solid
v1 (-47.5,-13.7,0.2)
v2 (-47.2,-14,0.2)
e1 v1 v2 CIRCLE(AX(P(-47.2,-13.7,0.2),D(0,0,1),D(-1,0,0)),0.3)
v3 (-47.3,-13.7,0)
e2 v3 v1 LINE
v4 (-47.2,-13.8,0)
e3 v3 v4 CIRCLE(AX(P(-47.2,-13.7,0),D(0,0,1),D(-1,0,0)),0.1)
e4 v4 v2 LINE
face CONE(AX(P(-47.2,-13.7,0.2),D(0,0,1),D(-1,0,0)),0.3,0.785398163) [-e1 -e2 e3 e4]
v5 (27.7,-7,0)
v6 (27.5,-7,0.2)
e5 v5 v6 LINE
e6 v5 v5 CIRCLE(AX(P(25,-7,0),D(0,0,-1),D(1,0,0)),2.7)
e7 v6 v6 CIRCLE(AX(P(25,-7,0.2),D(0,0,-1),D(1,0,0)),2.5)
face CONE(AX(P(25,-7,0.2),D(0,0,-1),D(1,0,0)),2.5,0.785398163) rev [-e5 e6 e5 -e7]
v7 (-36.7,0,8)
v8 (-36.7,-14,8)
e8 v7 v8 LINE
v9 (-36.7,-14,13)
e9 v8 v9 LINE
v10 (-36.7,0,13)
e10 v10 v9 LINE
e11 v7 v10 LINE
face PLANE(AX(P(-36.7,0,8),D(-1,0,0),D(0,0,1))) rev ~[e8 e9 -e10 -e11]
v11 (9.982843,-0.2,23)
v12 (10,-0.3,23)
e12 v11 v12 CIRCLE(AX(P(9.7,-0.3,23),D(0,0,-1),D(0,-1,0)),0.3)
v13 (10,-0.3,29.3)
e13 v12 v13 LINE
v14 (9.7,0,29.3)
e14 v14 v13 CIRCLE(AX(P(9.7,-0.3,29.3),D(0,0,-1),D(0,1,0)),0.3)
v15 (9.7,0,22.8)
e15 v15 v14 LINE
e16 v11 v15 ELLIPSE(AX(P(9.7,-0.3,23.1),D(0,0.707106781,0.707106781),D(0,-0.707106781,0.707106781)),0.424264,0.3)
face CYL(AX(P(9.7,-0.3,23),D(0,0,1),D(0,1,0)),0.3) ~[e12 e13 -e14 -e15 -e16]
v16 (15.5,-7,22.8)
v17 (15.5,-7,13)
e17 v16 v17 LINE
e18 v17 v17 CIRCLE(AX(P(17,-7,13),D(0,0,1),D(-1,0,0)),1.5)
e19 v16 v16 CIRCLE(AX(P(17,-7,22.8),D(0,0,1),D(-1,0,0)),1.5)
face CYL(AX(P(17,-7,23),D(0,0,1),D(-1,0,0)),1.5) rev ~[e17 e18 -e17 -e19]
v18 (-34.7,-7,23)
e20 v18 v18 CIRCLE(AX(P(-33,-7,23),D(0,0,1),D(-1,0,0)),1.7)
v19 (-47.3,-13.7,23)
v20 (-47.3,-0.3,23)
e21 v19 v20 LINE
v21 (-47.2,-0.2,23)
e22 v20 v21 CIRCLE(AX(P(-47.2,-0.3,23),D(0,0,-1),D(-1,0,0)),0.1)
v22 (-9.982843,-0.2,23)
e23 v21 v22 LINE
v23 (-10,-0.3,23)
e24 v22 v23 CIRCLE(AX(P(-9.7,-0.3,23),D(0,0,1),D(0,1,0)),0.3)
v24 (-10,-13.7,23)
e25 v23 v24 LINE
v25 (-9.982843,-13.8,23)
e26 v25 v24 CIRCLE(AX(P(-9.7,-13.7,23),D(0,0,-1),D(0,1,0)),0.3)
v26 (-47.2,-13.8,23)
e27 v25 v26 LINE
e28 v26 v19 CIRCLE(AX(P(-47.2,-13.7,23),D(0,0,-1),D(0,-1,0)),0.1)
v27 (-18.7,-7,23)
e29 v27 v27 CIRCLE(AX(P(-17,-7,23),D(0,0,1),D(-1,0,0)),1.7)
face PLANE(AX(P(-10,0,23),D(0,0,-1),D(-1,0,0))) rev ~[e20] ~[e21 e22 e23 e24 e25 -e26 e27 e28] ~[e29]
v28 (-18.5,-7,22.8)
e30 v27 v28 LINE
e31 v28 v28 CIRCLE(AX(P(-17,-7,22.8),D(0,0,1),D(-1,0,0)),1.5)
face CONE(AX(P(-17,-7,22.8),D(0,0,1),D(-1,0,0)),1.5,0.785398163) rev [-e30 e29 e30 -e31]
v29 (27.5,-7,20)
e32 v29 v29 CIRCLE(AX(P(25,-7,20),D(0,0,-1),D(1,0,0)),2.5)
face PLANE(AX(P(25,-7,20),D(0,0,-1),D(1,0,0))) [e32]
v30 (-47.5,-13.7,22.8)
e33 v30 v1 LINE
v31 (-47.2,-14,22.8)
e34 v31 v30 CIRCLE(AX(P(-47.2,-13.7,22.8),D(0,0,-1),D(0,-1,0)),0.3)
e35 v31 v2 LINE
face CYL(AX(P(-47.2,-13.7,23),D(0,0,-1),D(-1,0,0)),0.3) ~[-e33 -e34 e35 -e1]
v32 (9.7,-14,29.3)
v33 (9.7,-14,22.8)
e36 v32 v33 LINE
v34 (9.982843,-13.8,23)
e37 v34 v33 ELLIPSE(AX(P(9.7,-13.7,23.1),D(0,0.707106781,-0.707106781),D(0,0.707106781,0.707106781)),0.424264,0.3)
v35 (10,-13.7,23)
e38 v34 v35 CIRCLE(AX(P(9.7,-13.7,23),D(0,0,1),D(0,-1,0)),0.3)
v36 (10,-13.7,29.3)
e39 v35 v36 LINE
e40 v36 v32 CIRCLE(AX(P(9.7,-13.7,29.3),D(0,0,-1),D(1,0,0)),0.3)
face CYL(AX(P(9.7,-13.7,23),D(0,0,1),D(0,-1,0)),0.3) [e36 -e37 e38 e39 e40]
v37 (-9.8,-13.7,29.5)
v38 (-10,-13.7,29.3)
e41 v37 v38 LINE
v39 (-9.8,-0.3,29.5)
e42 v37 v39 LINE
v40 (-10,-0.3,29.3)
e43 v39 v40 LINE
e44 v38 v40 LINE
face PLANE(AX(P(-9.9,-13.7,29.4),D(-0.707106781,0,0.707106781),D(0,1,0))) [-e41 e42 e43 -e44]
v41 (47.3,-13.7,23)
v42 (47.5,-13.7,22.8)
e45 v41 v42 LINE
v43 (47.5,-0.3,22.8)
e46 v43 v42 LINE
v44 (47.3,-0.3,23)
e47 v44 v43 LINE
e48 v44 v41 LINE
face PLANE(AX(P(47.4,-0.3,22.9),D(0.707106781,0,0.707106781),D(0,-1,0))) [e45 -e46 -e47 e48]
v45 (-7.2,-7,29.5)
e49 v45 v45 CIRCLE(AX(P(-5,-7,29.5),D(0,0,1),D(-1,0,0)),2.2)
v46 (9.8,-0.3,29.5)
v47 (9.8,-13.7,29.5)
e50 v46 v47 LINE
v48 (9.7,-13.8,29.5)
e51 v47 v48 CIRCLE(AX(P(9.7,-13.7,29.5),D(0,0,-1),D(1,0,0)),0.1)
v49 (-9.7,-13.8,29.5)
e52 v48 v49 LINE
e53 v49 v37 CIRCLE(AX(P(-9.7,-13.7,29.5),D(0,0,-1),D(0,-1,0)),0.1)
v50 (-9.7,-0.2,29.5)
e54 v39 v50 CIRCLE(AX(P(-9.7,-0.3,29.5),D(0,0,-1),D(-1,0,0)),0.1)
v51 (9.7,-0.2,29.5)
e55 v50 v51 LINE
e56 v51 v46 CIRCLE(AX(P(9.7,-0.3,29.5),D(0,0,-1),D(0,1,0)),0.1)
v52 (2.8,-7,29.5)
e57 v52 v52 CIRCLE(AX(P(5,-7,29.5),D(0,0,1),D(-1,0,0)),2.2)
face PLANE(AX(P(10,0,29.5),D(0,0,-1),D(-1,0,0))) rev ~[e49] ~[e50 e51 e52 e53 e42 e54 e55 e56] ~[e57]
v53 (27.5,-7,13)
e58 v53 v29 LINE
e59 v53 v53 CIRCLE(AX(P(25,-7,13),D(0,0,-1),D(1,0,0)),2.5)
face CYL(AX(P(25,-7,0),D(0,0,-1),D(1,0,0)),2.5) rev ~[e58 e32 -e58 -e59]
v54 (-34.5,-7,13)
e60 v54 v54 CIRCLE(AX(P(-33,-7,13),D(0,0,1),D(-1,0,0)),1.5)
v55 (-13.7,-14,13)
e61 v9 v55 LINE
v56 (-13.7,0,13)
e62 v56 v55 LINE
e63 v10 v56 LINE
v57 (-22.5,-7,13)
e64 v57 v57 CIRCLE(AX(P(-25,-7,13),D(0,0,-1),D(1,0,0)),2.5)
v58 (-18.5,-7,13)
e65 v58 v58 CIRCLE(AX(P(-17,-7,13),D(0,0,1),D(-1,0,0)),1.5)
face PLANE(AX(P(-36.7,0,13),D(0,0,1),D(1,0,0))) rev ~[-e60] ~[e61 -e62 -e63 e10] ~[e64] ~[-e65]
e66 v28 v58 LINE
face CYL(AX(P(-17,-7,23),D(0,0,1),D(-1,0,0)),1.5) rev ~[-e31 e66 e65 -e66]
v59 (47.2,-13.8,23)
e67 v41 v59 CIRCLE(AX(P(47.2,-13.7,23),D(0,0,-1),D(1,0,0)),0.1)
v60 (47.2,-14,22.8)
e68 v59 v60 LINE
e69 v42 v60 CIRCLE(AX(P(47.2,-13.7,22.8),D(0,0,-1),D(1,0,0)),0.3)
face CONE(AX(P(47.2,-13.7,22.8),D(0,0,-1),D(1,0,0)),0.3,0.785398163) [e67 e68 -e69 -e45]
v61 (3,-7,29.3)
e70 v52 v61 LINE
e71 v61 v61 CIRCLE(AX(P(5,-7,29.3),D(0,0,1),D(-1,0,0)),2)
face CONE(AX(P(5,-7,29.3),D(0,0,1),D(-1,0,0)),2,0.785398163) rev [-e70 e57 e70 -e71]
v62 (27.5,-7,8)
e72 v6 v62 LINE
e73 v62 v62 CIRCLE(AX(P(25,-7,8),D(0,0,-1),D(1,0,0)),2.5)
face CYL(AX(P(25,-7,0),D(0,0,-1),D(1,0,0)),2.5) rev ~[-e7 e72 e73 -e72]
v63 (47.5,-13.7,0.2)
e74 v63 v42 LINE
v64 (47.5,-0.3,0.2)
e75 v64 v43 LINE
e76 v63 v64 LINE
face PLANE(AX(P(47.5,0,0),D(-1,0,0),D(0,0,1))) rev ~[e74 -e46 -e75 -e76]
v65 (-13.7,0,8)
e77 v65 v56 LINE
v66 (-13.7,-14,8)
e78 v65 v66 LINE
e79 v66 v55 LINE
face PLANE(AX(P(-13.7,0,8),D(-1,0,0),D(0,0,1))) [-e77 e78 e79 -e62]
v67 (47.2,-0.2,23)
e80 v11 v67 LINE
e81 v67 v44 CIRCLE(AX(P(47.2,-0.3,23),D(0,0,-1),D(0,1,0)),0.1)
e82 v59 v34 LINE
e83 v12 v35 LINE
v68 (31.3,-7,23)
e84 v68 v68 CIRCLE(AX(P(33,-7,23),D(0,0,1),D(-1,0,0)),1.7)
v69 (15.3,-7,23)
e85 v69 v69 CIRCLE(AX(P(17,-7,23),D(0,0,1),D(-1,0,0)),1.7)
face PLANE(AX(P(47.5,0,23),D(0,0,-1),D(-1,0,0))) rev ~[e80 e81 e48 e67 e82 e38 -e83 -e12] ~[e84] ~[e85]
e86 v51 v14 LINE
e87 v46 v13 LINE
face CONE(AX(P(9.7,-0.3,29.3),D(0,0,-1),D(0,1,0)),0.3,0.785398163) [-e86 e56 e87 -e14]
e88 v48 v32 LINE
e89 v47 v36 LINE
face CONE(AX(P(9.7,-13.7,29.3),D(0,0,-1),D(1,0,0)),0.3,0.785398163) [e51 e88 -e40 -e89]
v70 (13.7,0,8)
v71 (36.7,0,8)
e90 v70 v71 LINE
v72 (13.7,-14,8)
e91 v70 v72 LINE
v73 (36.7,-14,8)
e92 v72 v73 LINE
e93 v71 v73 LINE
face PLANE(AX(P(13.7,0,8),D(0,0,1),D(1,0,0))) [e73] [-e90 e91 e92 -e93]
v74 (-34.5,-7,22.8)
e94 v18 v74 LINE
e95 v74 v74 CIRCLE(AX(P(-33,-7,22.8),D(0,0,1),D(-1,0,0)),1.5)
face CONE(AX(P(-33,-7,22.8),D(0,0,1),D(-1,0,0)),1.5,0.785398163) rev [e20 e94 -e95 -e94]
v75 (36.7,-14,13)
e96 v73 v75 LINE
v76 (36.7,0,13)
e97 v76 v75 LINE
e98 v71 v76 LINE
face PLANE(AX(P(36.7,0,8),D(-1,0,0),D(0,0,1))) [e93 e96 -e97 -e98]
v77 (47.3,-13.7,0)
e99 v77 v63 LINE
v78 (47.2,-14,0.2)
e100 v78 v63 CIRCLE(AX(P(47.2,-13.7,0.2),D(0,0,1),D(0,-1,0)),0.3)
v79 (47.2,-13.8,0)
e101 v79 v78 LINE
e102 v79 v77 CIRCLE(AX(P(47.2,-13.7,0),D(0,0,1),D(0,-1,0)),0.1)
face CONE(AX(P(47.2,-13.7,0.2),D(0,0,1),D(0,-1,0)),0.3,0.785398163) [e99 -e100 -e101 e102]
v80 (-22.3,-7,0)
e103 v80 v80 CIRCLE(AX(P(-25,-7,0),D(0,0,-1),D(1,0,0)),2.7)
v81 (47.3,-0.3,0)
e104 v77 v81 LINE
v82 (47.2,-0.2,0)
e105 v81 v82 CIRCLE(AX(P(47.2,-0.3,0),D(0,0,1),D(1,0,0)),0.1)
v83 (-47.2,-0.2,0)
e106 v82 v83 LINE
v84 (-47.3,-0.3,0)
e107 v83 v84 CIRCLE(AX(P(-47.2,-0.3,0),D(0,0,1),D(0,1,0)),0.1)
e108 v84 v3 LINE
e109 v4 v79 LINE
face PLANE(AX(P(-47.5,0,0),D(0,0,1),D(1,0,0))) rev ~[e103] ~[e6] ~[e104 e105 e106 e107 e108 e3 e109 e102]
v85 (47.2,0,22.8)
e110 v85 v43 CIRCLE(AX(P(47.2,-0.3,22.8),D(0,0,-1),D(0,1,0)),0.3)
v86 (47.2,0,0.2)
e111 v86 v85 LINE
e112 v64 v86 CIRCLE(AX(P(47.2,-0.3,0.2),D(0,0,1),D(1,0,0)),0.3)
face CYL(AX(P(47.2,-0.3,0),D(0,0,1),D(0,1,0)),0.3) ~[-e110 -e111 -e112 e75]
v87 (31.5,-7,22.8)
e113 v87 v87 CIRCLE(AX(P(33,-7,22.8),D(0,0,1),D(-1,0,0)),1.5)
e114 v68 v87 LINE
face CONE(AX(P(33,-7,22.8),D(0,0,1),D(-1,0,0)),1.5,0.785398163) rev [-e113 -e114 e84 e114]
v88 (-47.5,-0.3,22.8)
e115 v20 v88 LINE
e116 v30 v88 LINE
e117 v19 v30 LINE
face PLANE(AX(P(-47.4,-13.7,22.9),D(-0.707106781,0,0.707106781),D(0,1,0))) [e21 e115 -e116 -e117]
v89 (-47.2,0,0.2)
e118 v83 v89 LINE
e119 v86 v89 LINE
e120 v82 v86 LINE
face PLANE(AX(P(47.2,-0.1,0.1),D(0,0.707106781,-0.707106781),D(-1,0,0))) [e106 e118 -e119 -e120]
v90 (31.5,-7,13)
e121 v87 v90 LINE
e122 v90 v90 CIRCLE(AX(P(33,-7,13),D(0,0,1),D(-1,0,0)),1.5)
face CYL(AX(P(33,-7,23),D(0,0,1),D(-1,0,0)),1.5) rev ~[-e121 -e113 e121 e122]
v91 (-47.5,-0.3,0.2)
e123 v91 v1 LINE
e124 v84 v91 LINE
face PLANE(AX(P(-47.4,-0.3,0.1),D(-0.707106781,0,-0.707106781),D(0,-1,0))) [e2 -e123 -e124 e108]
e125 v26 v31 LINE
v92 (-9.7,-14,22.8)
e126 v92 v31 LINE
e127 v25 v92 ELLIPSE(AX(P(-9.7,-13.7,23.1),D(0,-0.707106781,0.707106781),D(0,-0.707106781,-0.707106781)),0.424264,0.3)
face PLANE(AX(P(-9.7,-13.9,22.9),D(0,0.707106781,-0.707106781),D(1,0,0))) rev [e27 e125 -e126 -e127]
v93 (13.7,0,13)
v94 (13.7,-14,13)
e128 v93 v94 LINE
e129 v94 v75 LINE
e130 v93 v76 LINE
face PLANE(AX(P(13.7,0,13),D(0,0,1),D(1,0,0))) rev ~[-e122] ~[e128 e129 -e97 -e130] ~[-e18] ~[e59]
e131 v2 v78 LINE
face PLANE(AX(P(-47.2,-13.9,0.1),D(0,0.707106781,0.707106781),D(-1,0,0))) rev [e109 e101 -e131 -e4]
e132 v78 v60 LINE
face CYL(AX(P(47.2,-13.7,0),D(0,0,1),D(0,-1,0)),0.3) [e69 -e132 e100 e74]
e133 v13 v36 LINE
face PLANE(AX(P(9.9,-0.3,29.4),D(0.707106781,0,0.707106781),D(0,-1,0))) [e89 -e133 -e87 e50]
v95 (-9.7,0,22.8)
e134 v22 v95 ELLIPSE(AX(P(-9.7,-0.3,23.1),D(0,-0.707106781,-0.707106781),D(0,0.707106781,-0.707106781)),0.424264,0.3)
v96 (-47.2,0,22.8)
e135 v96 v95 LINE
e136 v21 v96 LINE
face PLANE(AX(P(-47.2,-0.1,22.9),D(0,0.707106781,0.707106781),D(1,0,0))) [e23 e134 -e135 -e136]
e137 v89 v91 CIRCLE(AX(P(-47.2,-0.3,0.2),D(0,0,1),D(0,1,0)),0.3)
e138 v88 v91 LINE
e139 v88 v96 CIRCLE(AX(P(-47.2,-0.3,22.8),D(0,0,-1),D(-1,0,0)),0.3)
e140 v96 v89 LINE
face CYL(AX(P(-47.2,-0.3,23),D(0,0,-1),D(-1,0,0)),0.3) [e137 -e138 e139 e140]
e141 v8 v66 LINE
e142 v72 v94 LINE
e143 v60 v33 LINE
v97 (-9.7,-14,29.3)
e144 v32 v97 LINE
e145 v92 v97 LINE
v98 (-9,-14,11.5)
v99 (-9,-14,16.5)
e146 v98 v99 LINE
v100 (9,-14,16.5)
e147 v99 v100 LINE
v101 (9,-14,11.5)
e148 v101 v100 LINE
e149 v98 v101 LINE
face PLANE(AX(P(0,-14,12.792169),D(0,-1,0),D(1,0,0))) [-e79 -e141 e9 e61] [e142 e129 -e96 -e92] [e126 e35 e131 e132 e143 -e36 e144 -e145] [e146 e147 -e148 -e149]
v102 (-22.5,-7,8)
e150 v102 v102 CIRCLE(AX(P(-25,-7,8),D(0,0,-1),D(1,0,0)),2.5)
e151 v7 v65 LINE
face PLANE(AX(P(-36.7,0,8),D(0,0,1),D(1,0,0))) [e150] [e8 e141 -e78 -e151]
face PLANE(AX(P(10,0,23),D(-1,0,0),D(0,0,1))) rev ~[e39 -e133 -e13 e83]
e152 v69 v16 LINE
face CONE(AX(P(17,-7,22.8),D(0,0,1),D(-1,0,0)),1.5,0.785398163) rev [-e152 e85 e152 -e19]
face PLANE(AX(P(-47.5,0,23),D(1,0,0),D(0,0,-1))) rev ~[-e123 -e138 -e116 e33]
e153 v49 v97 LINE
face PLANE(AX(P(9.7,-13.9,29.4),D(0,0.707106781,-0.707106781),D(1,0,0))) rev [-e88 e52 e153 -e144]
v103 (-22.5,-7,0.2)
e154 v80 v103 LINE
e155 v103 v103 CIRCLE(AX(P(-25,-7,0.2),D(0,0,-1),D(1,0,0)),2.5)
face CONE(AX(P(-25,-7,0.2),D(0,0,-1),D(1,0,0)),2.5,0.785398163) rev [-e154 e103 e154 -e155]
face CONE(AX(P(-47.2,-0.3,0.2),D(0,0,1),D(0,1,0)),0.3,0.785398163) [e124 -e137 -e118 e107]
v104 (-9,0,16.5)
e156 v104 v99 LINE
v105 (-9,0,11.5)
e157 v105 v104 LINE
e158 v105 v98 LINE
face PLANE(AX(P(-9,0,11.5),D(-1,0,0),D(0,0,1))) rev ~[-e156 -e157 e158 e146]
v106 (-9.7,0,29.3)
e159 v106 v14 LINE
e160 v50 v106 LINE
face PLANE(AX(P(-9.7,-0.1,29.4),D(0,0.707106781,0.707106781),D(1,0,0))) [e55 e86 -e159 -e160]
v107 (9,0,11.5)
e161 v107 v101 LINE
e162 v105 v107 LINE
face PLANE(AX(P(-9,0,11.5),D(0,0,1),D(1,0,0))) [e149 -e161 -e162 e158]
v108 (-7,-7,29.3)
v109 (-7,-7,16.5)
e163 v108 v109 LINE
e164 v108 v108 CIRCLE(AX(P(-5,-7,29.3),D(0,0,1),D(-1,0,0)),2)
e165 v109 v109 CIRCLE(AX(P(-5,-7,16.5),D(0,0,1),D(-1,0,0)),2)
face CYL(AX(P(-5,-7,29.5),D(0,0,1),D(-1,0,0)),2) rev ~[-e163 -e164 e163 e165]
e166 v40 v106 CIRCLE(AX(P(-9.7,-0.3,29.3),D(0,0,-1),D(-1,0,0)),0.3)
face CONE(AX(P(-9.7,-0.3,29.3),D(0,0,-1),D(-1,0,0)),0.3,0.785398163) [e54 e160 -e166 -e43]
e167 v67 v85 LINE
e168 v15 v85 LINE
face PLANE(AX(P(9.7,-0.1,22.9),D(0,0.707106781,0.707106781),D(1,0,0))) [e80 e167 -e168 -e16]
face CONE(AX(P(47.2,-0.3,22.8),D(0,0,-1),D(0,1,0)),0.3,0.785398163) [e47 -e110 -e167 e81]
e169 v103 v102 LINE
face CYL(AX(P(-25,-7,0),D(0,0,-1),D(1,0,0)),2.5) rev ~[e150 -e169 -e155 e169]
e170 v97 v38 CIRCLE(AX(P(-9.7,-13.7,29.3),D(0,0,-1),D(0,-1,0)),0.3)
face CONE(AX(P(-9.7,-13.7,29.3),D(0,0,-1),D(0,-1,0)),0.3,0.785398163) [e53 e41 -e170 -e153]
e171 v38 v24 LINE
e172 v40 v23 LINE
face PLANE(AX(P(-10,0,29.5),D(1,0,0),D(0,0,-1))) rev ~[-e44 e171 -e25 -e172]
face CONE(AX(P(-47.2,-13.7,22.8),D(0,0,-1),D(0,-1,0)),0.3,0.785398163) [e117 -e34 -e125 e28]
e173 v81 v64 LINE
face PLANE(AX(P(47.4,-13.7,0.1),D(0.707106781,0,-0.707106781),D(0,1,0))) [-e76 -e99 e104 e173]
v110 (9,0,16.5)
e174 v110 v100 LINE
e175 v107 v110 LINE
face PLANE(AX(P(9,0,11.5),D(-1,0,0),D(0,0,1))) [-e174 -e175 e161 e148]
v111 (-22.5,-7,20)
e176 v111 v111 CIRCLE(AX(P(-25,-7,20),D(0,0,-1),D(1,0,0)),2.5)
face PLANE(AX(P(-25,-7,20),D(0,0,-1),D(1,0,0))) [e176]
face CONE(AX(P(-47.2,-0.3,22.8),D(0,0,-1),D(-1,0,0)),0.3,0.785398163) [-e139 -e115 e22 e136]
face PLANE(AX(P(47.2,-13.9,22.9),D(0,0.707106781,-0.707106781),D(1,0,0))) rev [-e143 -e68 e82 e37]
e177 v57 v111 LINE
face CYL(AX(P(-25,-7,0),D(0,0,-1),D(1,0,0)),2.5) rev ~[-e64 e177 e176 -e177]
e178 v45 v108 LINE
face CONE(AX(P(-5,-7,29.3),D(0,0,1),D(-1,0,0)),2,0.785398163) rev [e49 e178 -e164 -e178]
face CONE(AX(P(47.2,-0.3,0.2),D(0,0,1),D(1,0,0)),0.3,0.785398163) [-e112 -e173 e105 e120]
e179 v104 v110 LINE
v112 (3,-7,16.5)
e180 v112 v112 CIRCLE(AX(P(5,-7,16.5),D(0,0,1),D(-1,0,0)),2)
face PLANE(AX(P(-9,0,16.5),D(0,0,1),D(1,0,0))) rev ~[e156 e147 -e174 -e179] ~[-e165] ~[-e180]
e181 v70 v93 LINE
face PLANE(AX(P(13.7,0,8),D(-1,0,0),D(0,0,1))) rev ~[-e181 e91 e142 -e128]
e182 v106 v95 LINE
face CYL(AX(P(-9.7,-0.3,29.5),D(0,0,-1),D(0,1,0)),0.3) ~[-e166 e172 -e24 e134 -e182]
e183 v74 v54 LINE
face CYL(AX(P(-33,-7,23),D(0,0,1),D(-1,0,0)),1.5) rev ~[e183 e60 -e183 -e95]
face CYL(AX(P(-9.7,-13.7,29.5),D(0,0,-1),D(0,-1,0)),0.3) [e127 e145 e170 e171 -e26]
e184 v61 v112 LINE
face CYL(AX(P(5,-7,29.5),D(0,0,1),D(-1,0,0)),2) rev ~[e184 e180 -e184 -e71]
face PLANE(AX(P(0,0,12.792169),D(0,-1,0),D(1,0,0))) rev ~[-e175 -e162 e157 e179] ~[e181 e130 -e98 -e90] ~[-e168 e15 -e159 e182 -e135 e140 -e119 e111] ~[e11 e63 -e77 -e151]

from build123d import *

# Parameters (mm, degrees)
SKETCH_W        = 18
SKETCH_H        = 5
SKETCH_W_2      = 23
PAD_DEPTH       = 14
SKETCH001_R     = 2
POCKET_DEPTH    = 17.5
SKETCH002_R     = 1.5
POCKET001_DEPTH = 14
SKETCH005_R     = 1.5
POCKET002_DEPTH = 14
SKETCH006_R     = 2.5
POCKET003_DEPTH = 20
FILLET_R        = 0.3
CHAMFER_SIZE    = 0.2
CHAMFER001_SIZE = 0.2
CHAMFER002_SIZE = 0.2
CHAMFER003_SIZE = 0.2
CHAMFER004_SIZE = 0.2


with BuildPart() as part:
    # Sketch → Pad (new body)
    with BuildSketch(Plane.XZ):
        Polygon((-47.5, 0), (47.5, 0), (47.5, 23), (10, 23), (10, 29.5), (-10, 29.5), (-10, 23), (-47.5, 23), align=None)
        with Locations((0, 14)):
            Rectangle(SKETCH_W, SKETCH_H, mode=Mode.SUBTRACT)
        with Locations((-25.2, 10.5)):
            Rectangle(SKETCH_W_2, SKETCH_H, mode=Mode.SUBTRACT)
        with Locations((25.2, 10.5)):
            Rectangle(SKETCH_W_2, SKETCH_H, mode=Mode.SUBTRACT)
    extrude(amount=PAD_DEPTH)

    # Sketch001 → Pocket (cut)
    with BuildSketch(Plane(origin=(0, 0, 29.5), x_dir=(-1, 0, 0), z_dir=(0, 0, 1))):
        with Locations((-5, 7)):
            Circle(SKETCH001_R)
        with Locations((5, 7)):
            Circle(SKETCH001_R)
    extrude(amount=-POCKET_DEPTH, mode=Mode.SUBTRACT)

    # Sketch002 → Pocket001 (cut)
    with BuildSketch(Plane(origin=(0, 0, 23), x_dir=(-1, 0, 0), z_dir=(0, 0, 1))):
        with Locations((-17, 7)):
            Circle(SKETCH002_R)
        with Locations((-33, 7)):
            Circle(SKETCH002_R)
    extrude(amount=-POCKET001_DEPTH, mode=Mode.SUBTRACT)

    # Sketch005 → Pocket002 (cut)
    with BuildSketch(Plane(origin=(0, 0, 23), x_dir=(-1, 0, 0), z_dir=(0, 0, 1))):
        with Locations((33, 7)):
            Circle(SKETCH005_R)
        with Locations((17, 7)):
            Circle(SKETCH005_R)
    extrude(amount=-POCKET002_DEPTH, mode=Mode.SUBTRACT)

    # Sketch006 → Pocket003 (cut)
    with BuildSketch(Plane(origin=(0, 0, 0), x_dir=(1, 0, 0), z_dir=(0, 0, -1))):
        with Locations((-25, 7)):
            Circle(SKETCH006_R)
        with Locations((25, 7)):
            Circle(SKETCH006_R)
    extrude(amount=-POCKET003_DEPTH, mode=Mode.SUBTRACT)

    # Fillet
    fillet_edges = [part.edges().sort_by_distance(p)[0] for p in [
        (-47.5, -14, 11.5),
        (-47.5, 0, 11.5),
        (47.5, 0, 11.5),
        (47.5, -14, 11.5),
        (10, -14, 26.25),
        (10, 0, 26.25),
        (-10, 0, 26.25),
        (-10, -14, 26.25),
    ]]
    fillet(fillet_edges, radius=FILLET_R)

    # Chamfer
    chamfer_edges = [part.edges().sort_by_distance(p)[0] for p in [
        (-9.912132, -13.912132, 29.5),
        (-10, -7, 29.5),
        (-9.912132, -0.087868, 29.5),
        (0, 0, 29.5),
        (9.912132, -0.087868, 29.5),
        (10, -7, 29.5),
        (9.912132, -13.912132, 29.5),
        (0, -14, 29.5),
    ]]
    chamfer(chamfer_edges, length=CHAMFER_SIZE)

    # Chamfer001
    chamfer001_edges = [part.edges().sort_by_distance(p)[0] for p in [
        (28.6, -14, 23),
        (47.5, -7, 23),
        (47.412132, -13.912132, 23),
        (47.412132, -0.087868, 23),
        (28.6, 0, 23),
        (9.85, -14, 23),
        (9.85, 0, 23),
    ]]
    chamfer(chamfer001_edges, length=CHAMFER001_SIZE)

    # Chamfer002
    chamfer002_edges = [part.edges().sort_by_distance(p)[0] for p in [
        (-9.85, -14, 23),
        (-28.6, -14, 23),
        (-47.412132, -13.912132, 23),
        (-47.5, -7, 23),
        (-9.85, 0, 23),
        (-28.6, 0, 23),
        (-47.412132, -0.087868, 23),
    ]]
    chamfer(chamfer002_edges, length=CHAMFER002_SIZE)

    # Chamfer003
    chamfer003_edges = [part.edges().sort_by_distance(p)[0] for p in [
        (-47.412132, -13.912132, 0),
        (0, -14, 0),
        (-47.5, -7, 0),
        (-47.412132, -0.087868, 0),
        (0, 0, 0),
        (47.412132, -0.087868, 0),
        (47.5, -7, 0),
        (47.412132, -13.912132, 0),
        (22.5, -7, 0),
        (-27.5, -7, 0),
    ]]
    chamfer(chamfer003_edges, length=CHAMFER003_SIZE)

    # Chamfer004
    chamfer004_edges = [part.edges().sort_by_distance(p)[0] for p in [
        (34.5, -7, 23),
        (18.5, -7, 23),
        (7, -7, 29.5),
        (-3, -7, 29.5),
        (-15.5, -7, 23),
        (-31.5, -7, 23),
    ]]
    chamfer(chamfer004_edges, length=CHAMFER004_SIZE)


solid = part.part
